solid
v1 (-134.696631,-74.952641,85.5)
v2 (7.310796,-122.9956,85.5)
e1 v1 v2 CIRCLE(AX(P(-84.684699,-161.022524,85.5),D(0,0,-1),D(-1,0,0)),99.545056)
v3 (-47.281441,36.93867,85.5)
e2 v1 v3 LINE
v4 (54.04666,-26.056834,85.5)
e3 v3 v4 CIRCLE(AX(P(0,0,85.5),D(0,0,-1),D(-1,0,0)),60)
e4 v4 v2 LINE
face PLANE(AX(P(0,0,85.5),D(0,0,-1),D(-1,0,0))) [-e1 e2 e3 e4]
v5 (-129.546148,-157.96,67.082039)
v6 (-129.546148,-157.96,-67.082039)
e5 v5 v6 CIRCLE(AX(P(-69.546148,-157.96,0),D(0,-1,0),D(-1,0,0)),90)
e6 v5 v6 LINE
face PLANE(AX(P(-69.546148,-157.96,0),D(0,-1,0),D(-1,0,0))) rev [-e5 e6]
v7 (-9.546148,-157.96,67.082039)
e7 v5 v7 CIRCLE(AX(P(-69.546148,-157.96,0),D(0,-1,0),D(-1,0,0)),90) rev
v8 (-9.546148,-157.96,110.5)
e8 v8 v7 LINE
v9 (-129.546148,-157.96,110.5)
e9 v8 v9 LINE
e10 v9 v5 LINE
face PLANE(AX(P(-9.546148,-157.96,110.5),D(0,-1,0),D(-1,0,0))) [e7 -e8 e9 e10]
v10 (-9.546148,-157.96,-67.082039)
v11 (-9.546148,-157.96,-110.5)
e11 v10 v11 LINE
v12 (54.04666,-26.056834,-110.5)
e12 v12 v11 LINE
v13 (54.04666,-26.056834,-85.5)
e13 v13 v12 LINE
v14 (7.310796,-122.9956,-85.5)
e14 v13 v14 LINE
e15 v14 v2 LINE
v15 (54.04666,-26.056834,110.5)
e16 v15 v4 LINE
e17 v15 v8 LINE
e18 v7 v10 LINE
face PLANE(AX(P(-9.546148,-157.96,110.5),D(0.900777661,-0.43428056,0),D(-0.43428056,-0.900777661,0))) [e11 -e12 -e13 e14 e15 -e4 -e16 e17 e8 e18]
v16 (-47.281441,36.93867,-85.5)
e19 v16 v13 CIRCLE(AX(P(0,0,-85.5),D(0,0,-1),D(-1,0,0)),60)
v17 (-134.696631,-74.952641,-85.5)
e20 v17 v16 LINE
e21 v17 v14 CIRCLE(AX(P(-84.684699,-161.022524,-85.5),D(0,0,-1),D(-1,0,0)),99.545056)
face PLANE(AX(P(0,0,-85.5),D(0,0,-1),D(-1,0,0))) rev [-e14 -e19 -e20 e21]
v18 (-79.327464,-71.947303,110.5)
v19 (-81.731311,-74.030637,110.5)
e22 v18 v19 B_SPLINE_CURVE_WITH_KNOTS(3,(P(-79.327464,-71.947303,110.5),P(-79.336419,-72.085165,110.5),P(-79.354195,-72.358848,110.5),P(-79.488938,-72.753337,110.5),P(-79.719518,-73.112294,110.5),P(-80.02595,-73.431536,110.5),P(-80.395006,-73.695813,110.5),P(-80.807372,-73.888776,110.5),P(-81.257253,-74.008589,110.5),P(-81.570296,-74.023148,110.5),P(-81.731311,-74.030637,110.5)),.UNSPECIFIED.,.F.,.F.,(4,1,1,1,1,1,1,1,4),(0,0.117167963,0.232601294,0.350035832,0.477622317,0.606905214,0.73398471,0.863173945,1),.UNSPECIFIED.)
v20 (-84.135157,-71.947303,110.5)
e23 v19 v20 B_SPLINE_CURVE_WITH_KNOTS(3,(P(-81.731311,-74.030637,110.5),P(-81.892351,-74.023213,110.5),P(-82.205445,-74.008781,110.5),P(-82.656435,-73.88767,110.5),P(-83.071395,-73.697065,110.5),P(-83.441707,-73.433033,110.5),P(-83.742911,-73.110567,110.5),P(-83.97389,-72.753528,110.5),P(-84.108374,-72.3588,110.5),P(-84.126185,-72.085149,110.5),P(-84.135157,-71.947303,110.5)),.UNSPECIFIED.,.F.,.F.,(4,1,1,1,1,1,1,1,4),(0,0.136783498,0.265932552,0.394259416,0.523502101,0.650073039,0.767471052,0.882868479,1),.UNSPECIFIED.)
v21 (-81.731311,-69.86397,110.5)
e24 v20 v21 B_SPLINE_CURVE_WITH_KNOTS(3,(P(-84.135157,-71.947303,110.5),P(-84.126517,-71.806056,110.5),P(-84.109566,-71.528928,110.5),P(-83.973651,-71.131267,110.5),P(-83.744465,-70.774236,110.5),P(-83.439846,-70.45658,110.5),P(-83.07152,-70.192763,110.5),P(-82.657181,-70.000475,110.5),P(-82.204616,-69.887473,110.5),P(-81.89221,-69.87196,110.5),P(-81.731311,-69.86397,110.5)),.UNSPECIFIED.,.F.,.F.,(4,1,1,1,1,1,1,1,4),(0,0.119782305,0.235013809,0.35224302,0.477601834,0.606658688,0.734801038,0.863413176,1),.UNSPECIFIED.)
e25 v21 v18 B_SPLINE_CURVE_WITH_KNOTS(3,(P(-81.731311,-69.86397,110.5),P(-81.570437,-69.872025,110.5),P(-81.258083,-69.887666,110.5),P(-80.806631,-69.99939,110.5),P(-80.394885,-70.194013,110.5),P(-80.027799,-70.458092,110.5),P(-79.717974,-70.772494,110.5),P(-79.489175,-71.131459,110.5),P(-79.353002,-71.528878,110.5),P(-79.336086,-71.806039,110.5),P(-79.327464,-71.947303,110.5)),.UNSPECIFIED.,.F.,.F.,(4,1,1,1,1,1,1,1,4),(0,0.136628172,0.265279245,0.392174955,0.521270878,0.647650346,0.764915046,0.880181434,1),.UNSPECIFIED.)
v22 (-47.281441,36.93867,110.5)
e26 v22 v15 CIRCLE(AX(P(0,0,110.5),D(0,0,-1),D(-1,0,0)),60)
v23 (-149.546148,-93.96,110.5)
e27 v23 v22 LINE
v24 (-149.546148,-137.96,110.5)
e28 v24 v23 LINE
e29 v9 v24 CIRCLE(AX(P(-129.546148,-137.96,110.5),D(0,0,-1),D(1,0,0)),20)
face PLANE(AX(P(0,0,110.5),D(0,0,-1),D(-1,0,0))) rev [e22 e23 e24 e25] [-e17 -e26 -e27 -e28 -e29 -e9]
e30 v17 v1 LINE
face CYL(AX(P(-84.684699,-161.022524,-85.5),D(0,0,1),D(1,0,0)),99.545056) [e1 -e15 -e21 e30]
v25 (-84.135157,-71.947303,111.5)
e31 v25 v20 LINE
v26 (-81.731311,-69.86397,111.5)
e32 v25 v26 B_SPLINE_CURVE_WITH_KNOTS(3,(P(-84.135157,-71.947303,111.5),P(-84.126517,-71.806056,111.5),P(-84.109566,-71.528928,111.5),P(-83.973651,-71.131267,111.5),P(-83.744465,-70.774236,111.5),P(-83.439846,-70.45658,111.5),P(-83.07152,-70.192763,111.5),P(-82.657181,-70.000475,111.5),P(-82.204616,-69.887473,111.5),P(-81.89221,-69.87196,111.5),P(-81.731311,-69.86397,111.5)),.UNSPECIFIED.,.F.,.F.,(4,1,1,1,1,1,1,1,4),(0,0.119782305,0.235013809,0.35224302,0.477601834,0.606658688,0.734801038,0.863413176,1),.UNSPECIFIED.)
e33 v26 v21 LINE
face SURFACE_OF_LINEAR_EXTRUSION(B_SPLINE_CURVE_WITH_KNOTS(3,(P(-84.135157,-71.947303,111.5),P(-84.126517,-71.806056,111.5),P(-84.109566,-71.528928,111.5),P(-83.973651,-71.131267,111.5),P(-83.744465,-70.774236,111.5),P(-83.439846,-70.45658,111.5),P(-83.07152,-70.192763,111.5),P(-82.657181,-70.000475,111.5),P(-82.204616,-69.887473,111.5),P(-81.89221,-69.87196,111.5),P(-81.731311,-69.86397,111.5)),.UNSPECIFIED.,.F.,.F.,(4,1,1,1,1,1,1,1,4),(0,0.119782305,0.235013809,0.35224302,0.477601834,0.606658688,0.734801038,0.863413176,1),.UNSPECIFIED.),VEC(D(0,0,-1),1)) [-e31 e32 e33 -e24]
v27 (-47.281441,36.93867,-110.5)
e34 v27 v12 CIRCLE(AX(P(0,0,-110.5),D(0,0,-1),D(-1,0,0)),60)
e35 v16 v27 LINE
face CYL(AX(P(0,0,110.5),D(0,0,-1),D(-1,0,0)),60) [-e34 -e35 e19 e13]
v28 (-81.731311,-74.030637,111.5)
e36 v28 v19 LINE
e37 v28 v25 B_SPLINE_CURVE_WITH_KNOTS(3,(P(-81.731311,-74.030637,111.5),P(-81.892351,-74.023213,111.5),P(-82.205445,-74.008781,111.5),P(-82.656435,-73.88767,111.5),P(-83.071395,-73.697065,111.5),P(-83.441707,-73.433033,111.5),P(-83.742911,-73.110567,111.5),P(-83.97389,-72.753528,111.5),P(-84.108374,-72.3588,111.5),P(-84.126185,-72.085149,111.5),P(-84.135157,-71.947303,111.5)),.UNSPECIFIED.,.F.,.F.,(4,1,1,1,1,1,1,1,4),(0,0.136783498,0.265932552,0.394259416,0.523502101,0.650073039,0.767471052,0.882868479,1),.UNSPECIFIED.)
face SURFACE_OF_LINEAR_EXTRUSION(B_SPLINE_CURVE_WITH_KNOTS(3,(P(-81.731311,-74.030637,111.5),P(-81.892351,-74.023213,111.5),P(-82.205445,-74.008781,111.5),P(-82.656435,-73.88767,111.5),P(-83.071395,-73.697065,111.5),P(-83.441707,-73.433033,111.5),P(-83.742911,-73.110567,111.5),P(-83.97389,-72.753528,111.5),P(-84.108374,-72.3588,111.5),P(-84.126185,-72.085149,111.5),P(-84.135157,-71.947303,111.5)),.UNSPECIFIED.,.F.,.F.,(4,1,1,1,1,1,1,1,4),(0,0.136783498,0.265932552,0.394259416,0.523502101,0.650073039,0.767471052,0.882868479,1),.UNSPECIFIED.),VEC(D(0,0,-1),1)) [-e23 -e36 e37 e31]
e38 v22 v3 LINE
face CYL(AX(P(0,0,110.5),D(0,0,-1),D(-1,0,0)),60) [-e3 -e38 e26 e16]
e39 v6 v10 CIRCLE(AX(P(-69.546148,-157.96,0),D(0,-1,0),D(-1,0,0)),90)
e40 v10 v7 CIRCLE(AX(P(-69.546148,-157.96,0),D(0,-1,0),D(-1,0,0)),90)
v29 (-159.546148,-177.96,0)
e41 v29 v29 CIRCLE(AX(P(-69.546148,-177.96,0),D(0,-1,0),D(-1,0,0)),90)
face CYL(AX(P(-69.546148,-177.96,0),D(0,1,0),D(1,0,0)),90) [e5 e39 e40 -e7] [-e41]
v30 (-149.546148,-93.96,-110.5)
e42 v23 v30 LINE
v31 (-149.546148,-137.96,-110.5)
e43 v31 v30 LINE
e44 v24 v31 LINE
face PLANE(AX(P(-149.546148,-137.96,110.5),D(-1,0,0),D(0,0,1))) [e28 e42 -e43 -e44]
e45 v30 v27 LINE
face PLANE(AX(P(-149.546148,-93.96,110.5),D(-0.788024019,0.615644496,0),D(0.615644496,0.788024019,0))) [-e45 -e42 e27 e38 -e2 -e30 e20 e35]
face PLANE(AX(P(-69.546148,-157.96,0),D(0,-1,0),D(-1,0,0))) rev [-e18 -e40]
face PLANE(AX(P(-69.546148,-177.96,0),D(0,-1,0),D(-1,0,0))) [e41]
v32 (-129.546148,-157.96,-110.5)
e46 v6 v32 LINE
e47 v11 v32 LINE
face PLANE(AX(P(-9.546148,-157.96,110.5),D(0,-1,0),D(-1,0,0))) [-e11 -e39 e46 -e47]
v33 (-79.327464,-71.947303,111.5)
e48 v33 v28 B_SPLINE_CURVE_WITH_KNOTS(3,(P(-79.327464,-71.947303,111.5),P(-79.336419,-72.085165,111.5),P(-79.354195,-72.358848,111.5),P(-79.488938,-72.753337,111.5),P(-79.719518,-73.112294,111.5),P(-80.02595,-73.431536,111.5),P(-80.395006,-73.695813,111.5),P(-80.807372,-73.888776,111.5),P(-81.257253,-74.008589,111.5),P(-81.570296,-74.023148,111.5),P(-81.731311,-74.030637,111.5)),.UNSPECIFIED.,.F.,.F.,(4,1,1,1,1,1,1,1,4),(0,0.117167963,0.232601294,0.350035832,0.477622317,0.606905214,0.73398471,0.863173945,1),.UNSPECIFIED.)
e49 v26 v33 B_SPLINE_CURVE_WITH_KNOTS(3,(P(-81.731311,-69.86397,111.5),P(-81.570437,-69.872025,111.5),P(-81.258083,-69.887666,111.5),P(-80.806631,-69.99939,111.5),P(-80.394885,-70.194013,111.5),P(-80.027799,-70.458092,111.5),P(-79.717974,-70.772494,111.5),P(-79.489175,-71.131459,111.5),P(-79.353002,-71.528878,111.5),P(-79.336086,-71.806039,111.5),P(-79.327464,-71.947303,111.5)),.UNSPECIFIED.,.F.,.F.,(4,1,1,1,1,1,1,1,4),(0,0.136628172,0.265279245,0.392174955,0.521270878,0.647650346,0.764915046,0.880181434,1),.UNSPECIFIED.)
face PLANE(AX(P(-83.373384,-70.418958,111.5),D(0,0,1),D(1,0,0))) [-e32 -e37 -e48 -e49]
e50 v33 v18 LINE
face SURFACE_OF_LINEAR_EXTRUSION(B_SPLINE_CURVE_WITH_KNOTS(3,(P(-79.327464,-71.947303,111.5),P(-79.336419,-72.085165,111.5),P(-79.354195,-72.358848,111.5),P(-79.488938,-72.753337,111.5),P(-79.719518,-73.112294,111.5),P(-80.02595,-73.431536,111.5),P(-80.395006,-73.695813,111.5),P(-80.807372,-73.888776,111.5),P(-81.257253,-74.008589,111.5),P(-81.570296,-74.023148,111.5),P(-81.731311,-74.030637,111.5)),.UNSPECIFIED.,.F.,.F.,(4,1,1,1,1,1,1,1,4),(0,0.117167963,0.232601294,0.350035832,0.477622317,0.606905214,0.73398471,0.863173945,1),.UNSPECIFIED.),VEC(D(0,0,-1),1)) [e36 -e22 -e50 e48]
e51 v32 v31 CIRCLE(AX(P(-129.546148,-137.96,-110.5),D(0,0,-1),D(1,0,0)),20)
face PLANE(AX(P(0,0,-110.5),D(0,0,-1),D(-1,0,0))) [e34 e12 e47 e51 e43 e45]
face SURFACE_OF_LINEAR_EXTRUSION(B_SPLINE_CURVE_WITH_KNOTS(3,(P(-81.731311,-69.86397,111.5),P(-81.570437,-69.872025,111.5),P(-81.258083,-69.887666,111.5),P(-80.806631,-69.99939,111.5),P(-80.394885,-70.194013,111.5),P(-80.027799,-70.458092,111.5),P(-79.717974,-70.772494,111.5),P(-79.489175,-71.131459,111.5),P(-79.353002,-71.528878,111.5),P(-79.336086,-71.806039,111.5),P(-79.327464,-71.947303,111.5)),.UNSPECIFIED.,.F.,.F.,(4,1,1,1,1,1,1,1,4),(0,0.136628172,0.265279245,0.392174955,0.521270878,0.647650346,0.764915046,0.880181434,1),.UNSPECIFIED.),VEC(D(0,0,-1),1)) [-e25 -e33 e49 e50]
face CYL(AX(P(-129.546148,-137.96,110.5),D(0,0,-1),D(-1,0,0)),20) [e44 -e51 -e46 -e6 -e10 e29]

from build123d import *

# Parameters (mm, degrees)
BOSS_EXTRUDE1_DEPTH      = 110.5
BOSS_EXTRUDE1_DEPTH_BACK = 110.5
CUT_EXTRUDE1_DEPTH       = 85.5
CUT_EXTRUDE1_DEPTH_BACK  = 85.5
SKETCH3_R                = 90
BOSS_EXTRUDE2_DEPTH      = 20
BODY_MOVE_COPY1_ANGLE    = 90
BOSS_EXTRUDE3_DEPTH      = 1


with BuildPart() as part:
    # Sketch1 → Boss-Extrude1 (new, two sides: drawn at the far end of the back side and taken through both)
    with BuildSketch(Plane(origin=(0, 0, 0), x_dir=(0, 0, -1), z_dir=(1, 0, 0)).offset(-BOSS_EXTRUDE1_DEPTH_BACK)):
        with BuildLine():
            Line((-64.292863754, -51.10932545), (55.707136246, -51.10932545))
            ThreePointArc((55.707136246, -51.10932545), (69.84927187, -45.251461074), (75.707136246, -31.10932545))
            Line((75.707136246, -31.10932545), (75.707136246, 12.89067455))
            Line((75.707136246, 12.89067455), (-26.557571018, 143.789344322))
            ThreePointArc((-26.557571018, 143.789344322), (-105.517875867, 157.806043193), (-127.885671837, 80.793840961))
            Line((-127.885671837, 80.793840961), (-64.292863754, -51.10932545))
        make_face()
    extrude(amount=BOSS_EXTRUDE1_DEPTH + BOSS_EXTRUDE1_DEPTH_BACK)

    # Sketch2 → Cut-Extrude1 (cut, two sides: drawn at the far end of the back side and taken through both)
    with BuildSketch(Plane(origin=(0, 0, 0), x_dir=(0, 0, -1), z_dir=(1, 0, 0)).offset(-CUT_EXTRUDE1_DEPTH_BACK)):
        with BuildLine():
            Line((-127.885671837, 80.793840961), (-81.149808611, -16.144925076))
            ThreePointArc((-81.149808611, -16.144925076), (-21.055510127, 40.123069763), (60.857619094, 31.898033921))
            Line((60.857619094, 31.898033921), (-26.557571018, 143.789344322))
            ThreePointArc((-26.557571018, 143.789344322), (-105.517875867, 157.806043193), (-127.885671837, 80.793840961))
        make_face()
    extrude(amount=CUT_EXTRUDE1_DEPTH + CUT_EXTRUDE1_DEPTH_BACK, mode=Mode.SUBTRACT)

    # Sketch3 → Boss-Extrude2 (add)
    with BuildSketch(Plane.XZ.offset(51.10932545)):
        with Locations((0, 4.292863754)):
            Circle(SKETCH3_R)
    extrude(amount=BOSS_EXTRUDE2_DEPTH)


with BuildPart() as part_1:
    # Body-Move/Copy1: moved
    add(part.part.rotate(Axis((0, 0, 0), (0, 1, 0)), BODY_MOVE_COPY1_ANGLE))

    # Sketch4 → Boss-Extrude3 (add)
    with BuildSketch(Plane.XY.offset(110.5)):
        with BuildLine():
            add(Edge.make_bspline(
                [(-7.892298412, 36.986704623), (-7.731424988, 36.97864928), (-7.419070809, 36.963008908), (-6.967618916, 36.851284273), (-6.555873051, 36.656661621), (-6.188786467, 36.392582396), (-5.87896222, 36.078180341), (-5.65016273, 35.71921506), (-5.513989502, 35.321796415), (-5.497073858, 35.044635312), (-5.488452259, 34.90337129)],
                knots=[0, 0, 0, 0, 1.093025379, 2.122233962, 3.13739964, 4.170167025, 5.181202767, 6.119320369, 7.041451468, 8, 8, 8, 8], degree=3))
            add(Edge.make_bspline(
                [(-5.488452259, 34.90337129), (-5.497406625, 34.765509384), (-5.515182791, 34.491826572), (-5.649926135, 34.097337276), (-5.880505469, 33.738380755), (-6.18693796, 33.41913881), (-6.555993835, 33.154861618), (-6.968359777, 32.961898769), (-7.418241254, 32.842085164), (-7.731283731, 32.827526345), (-7.892298412, 32.820037956)],
                knots=[0, 0, 0, 0, 0.937343707, 1.860810353, 2.800286657, 3.820978539, 4.855241709, 5.871877678, 6.905391563, 8, 8, 8, 8], degree=3))
            add(Edge.make_bspline(
                [(-7.892298412, 32.820037956), (-8.053339268, 32.827461421), (-8.366432635, 32.841894016), (-8.817422774, 32.963004322), (-9.232383344, 33.153609982), (-9.602694964, 33.417641247), (-9.90389839, 33.740107583), (-10.134877578, 34.097146255), (-10.26936178, 34.491874817), (-10.287172696, 34.765525545), (-10.296144566, 34.90337129)],
                knots=[0, 0, 0, 0, 1.094267983, 2.127460414, 3.154075327, 4.188016812, 5.200584313, 6.139768412, 7.062947834, 8, 8, 8, 8], degree=3))
            add(Edge.make_bspline(
                [(-10.296144566, 34.90337129), (-10.287504989, 35.044618426), (-10.27055407, 35.321746398), (-10.134639162, 35.71940767), (-9.905453118, 36.07643862), (-9.600833421, 36.394095039), (-9.23250791, 36.657911588), (-8.818168555, 36.850199857), (-8.365603653, 36.963201799), (-8.053198229, 36.978714853), (-7.892298412, 36.986704623)],
                knots=[0, 0, 0, 0, 0.95825844, 1.880110469, 2.817944164, 3.820814674, 4.853269506, 5.878408302, 6.90730541, 8, 8, 8, 8], degree=3))
        make_face()
    extrude(amount=BOSS_EXTRUDE3_DEPTH)


with BuildPart() as part_2:
    # Body-Move/Copy2: moved
    add(part_1.part.moved(Location((-73.839012149, -106.85067455, 0))))


solid = part_2.part
